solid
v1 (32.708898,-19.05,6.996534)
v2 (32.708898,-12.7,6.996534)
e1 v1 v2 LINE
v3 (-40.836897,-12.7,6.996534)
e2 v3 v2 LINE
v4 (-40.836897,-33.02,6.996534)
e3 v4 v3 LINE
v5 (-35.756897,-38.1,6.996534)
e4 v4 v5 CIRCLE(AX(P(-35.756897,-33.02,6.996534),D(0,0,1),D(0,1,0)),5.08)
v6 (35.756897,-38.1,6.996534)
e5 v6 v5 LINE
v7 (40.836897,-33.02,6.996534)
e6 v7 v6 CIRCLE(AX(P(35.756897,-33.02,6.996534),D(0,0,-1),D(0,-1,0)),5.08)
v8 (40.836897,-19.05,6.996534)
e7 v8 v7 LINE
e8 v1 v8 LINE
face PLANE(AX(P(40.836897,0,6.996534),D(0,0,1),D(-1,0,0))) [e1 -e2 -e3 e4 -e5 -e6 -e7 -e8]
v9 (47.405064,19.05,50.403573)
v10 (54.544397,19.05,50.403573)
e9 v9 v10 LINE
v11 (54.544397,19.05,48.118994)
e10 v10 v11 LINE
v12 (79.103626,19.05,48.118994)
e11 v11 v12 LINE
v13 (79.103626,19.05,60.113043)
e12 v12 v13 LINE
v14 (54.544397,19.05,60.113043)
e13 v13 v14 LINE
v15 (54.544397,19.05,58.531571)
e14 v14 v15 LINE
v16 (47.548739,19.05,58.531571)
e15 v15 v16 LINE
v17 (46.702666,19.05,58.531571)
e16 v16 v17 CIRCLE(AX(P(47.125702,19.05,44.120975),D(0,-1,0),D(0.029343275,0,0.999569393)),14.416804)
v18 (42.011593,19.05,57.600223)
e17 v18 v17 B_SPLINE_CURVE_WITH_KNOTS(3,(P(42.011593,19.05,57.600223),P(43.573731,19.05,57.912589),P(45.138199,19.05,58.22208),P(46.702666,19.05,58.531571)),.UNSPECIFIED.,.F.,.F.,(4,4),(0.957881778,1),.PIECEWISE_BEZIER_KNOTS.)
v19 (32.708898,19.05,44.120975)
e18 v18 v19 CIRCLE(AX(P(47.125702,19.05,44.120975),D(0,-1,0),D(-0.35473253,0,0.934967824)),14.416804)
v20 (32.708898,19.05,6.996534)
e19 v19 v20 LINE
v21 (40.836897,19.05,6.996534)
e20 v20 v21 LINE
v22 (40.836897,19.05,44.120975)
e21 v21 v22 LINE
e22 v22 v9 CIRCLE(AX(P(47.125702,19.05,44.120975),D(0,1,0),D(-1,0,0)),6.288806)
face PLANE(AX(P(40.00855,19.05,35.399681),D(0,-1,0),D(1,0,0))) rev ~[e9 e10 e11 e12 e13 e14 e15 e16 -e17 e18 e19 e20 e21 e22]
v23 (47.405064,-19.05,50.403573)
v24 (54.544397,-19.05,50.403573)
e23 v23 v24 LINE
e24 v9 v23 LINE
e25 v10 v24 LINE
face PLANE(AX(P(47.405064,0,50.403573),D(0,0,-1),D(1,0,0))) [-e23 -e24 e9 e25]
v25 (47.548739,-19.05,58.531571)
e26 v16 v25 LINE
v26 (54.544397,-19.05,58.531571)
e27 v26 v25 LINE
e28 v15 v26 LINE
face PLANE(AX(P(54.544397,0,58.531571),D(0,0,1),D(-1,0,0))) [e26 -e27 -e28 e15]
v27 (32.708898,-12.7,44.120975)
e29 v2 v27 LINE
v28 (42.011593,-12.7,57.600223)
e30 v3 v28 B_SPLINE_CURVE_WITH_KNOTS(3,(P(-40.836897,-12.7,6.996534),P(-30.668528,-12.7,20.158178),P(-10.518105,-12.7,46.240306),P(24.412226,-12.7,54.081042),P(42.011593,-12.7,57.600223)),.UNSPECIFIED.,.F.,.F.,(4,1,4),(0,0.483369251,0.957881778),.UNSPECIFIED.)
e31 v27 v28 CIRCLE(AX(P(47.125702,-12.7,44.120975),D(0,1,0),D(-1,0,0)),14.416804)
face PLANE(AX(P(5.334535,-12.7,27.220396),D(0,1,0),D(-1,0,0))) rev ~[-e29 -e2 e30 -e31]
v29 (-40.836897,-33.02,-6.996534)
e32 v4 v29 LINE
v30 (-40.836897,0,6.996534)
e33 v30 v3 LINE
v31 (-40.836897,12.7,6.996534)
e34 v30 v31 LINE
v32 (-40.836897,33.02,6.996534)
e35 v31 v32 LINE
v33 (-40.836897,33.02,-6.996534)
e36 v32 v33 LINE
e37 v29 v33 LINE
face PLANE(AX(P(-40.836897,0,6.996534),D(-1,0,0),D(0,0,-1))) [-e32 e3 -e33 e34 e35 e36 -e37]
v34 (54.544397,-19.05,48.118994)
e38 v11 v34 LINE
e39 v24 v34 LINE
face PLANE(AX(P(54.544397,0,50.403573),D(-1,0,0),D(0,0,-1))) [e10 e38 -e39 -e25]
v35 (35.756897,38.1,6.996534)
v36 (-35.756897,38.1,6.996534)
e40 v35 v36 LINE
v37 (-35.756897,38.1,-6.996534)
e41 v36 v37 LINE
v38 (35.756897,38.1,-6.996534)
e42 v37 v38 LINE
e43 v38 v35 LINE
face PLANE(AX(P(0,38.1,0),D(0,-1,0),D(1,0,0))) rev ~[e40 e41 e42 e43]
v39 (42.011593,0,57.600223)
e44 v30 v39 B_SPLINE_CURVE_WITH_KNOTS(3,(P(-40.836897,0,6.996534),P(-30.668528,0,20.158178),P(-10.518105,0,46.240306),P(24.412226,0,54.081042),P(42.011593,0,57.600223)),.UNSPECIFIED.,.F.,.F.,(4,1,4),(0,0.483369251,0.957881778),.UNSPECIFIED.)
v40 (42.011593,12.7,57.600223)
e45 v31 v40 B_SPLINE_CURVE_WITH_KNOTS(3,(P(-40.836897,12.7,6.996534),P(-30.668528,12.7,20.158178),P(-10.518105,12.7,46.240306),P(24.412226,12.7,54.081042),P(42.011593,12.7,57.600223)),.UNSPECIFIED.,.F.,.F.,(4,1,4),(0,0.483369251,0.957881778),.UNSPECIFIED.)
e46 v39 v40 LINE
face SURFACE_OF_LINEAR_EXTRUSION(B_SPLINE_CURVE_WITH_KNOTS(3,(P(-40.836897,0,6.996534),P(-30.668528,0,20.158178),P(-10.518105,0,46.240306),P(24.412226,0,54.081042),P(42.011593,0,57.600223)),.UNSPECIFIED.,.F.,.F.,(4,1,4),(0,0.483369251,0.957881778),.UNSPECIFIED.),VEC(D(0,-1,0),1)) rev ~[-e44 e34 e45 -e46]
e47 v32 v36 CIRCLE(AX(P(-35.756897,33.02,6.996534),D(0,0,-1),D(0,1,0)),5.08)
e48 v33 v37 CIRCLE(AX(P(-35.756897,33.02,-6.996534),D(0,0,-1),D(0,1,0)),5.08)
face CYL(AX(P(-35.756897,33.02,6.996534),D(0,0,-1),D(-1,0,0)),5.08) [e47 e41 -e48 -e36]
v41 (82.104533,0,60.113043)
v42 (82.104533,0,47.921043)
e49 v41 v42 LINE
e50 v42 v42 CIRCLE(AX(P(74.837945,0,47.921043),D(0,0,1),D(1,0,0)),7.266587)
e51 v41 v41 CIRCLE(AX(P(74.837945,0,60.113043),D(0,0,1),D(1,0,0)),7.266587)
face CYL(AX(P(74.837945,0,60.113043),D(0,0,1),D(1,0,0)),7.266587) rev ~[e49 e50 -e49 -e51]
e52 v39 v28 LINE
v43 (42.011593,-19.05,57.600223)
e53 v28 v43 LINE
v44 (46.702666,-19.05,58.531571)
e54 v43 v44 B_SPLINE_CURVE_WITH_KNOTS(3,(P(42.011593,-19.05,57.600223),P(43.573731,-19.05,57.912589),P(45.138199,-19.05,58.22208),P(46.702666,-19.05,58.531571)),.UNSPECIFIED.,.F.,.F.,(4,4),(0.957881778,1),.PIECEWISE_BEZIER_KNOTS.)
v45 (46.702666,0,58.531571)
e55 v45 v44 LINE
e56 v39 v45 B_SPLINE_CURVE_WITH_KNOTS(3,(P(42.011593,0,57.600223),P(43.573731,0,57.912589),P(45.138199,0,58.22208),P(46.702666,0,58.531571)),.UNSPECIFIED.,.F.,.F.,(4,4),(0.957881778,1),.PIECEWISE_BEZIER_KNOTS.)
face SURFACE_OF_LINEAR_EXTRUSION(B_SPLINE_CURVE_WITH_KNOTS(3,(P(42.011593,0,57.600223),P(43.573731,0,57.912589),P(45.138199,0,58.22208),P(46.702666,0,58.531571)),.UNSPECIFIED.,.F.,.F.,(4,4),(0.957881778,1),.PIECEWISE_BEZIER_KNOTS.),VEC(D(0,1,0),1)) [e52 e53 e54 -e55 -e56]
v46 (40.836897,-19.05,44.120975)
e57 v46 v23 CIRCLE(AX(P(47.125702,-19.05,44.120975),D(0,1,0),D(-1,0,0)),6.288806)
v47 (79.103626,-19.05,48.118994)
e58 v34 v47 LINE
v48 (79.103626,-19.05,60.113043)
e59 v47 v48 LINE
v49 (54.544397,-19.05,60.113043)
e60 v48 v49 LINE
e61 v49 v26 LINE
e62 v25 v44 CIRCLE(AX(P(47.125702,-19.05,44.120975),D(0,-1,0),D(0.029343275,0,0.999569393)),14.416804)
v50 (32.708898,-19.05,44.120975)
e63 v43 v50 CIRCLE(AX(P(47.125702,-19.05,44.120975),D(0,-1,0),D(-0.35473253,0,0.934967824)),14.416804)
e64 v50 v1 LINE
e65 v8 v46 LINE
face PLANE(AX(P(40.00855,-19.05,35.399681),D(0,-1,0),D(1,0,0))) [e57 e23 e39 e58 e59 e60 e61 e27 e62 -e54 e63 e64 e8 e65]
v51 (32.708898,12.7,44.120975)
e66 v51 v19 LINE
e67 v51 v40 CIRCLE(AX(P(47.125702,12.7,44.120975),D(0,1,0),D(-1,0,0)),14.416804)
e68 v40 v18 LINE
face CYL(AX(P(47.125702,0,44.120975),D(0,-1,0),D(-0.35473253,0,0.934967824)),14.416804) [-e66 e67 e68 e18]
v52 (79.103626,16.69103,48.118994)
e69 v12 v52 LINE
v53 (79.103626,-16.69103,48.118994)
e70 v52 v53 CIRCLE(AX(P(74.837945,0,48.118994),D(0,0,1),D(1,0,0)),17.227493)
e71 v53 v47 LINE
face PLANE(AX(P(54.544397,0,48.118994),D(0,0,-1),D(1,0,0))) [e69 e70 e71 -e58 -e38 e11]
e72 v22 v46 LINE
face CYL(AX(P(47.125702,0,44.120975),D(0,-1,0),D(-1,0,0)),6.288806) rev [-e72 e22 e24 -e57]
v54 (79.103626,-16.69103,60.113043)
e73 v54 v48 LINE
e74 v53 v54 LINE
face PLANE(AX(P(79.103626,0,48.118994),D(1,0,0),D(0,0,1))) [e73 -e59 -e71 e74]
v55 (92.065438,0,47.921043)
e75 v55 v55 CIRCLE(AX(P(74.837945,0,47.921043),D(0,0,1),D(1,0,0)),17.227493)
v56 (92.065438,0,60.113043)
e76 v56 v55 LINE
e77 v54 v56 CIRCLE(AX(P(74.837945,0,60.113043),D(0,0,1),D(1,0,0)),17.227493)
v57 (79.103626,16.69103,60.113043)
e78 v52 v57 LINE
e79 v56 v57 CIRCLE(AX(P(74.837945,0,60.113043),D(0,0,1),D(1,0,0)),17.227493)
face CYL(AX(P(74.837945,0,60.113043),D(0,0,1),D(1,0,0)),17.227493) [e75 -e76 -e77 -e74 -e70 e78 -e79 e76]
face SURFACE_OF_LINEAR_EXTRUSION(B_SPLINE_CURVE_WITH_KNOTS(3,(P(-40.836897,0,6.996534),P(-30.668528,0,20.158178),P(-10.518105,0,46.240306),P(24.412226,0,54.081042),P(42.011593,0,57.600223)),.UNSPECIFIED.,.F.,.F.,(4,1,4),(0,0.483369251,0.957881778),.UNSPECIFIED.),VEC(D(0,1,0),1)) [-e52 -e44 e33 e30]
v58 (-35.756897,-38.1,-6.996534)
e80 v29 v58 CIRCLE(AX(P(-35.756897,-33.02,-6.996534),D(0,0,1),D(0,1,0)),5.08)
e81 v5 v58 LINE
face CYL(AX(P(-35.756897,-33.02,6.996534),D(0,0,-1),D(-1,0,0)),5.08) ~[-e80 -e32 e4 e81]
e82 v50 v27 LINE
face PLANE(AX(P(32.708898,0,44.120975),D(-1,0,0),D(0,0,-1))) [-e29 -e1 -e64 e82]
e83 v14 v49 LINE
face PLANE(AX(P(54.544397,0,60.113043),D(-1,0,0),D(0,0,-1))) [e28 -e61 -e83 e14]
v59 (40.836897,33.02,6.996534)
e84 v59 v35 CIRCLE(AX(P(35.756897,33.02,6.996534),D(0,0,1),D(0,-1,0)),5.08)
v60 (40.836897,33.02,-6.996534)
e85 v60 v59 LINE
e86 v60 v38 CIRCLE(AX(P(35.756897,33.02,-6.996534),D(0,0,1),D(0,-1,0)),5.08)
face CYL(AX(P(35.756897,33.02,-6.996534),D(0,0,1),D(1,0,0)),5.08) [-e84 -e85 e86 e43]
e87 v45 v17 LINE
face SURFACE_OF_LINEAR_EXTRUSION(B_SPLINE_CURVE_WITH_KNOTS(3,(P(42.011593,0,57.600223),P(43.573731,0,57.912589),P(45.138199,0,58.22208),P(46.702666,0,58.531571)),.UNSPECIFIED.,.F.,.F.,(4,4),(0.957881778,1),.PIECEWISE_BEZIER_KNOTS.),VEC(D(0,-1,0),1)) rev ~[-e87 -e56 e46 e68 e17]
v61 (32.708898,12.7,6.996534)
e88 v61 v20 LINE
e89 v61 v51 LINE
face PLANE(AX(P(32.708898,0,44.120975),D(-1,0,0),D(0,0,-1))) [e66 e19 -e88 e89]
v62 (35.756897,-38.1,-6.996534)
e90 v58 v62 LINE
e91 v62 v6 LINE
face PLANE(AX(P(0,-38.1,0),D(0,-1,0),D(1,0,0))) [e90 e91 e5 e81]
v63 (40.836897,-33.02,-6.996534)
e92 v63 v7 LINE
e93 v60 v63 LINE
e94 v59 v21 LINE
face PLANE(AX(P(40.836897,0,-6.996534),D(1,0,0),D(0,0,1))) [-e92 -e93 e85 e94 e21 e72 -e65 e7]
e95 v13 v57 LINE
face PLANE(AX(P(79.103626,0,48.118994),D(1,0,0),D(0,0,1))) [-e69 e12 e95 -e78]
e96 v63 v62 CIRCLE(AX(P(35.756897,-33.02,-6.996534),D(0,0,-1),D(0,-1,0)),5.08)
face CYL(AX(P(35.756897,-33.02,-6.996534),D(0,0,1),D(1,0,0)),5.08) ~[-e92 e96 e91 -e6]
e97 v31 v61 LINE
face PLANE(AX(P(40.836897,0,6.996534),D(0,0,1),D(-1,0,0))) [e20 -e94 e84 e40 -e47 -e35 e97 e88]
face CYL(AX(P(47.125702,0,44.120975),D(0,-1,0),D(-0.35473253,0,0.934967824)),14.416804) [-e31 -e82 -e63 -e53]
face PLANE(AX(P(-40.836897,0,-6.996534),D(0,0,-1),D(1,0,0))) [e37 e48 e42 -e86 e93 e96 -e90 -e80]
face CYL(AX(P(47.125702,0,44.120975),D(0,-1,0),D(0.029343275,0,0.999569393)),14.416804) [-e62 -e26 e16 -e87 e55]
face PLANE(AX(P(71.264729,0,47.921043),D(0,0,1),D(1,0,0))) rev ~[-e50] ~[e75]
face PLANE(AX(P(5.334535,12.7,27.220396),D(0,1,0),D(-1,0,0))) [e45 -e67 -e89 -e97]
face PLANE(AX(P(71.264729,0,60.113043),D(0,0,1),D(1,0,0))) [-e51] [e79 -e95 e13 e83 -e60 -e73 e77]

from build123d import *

# Parameters (mm, degrees)
F1_DEPTH = 38.1
F2_DEPTH = 19.05
F3_DEPTH = 12.7
F5_DEPTH = 12.192
F6_R     = 5.08
F7_R     = 7.266587331
F8_DEPTH = 67.1105764264


with BuildPart() as f1:
    # F0 (on Front) → F1 (new body, symmetric)
    with BuildSketch(Plane.XZ):
        Polygon((-40.8368967474, -6.9965338334), (40.8368967474, -6.9965338334), (40.8368967474, 6.9965338334), (32.7088981867, 6.9965338334), (-40.8368967474, 6.9965338334), align=None)
    extrude(amount=F1_DEPTH, both=True)

    # F0 (on Front) → F2 (join, symmetric)
    with BuildSketch(Plane.XZ):
        with BuildLine():
            Line((32.7088981867, 6.9965338334), (40.8368967474, 6.9965338334))
            Line((40.8368967474, 6.9965338334), (40.8368967474, 44.1209748387))
            ThreePointArc((40.8368967474, 44.1209748387), (42.7787364938, 48.6655280984), (47.405064106, 50.403572619))
            Line((47.405064106, 50.403572619), (54.5443966985, 50.403572619))
            Line((54.5443966985, 50.403572619), (54.5443966985, 58.5315711796))
            Line((54.5443966985, 58.5315711796), (47.5487387444, 58.5315711796))
            ThreePointArc((47.5487387444, 58.5315711796), (47.1257024985, 58.5377791506), (46.7026662526, 58.5315711796))
            add(Edge.make_bspline(
                [(42.0115930359, 57.6002229992), (43.5737310544, 57.9125891747), (45.1381986535, 58.2220801772), (46.7026662526, 58.5315711796)],
                knots=[0.9578817781, 0.9578817781, 0.9578817781, 0.9578817781, 1, 1, 1, 1], degree=3))
            ThreePointArc((42.0115930359, 57.6002229992), (35.2603461634, 52.3098432347), (32.7088981867, 44.1209748387))
            Line((32.7088981867, 44.1209748387), (32.7088981867, 6.9965338334))
        make_face()
        Polygon((54.5443966985, 58.5315711796), (54.5443966985, 50.403572619), (54.5443966985, 48.1189936399), (79.1036263108, 48.1189936399), (79.1036263108, 60.113042593), (54.5443966985, 60.113042593), align=None)
    extrude(amount=F2_DEPTH, both=True)

    # F0 (on Front) → F3 (join, symmetric)
    with BuildSketch(Plane.XZ):
        with BuildLine():
            add(Edge.make_bspline(
                [(-40.8368967474, 6.9965338334), (-30.668528225, 20.158177618), (-10.5181051355, 46.2403057616), (24.4122257068, 54.0810415955), (42.0115930359, 57.6002229992)],
                knots=[0, 0, 0, 0, 0.4833692512, 0.9578817781, 0.9578817781, 0.9578817781, 0.9578817781], degree=3))
            Line((-40.8368967474, 6.9965338334), (32.7088981867, 6.9965338334))
            Line((32.7088981867, 6.9965338334), (32.7088981867, 44.1209748387))
            ThreePointArc((32.7088981867, 44.1209748387), (35.2603461634, 52.3098432347), (42.0115930359, 57.6002229992))
        make_face()
    extrude(amount=F3_DEPTH, both=True)

    # F4 (on face) → F5 (join)
    with BuildSketch(Plane.XY.offset(60.113042593)):
        with BuildLine():
            Line((79.1036263108, -16.6910297118), (79.1036263108, 16.6910297118))
            ThreePointArc((79.1036263108, 16.6910297118), (57.6104526514, 0), (79.1036263108, -16.6910297118))
        make_face()
        with BuildLine():
            ThreePointArc((79.1036263108, -16.6910297118), (88.4444418904, -10.5664449916), (92.0654381519, 0))
            ThreePointArc((92.0654381519, 0), (88.4444418904, 10.5664449916), (79.1036263108, 16.6910297118))
            Line((79.1036263108, 16.6910297118), (79.1036263108, -16.6910297118))
        make_face()
    extrude(amount=-F5_DEPTH)

    # F6
    f6_edges = [f1.edges().sort_by_distance(p)[0] for p in [
        (-40.836897, -38.1, 0),
        (40.836897, -38.1, 0),
        (40.836897, 38.1, 0),
        (-40.836897, 38.1, 0),
    ]]
    fillet(f6_edges, radius=F6_R)

    # F7 (on face) → F8 (cut, through all)
    with BuildSketch(Plane.XY.offset(60.113042593)):
        with Locations((74.8379454017, 0)):
            Circle(F7_R)
    extrude(amount=-F8_DEPTH, mode=Mode.SUBTRACT)


solid = f1.part
